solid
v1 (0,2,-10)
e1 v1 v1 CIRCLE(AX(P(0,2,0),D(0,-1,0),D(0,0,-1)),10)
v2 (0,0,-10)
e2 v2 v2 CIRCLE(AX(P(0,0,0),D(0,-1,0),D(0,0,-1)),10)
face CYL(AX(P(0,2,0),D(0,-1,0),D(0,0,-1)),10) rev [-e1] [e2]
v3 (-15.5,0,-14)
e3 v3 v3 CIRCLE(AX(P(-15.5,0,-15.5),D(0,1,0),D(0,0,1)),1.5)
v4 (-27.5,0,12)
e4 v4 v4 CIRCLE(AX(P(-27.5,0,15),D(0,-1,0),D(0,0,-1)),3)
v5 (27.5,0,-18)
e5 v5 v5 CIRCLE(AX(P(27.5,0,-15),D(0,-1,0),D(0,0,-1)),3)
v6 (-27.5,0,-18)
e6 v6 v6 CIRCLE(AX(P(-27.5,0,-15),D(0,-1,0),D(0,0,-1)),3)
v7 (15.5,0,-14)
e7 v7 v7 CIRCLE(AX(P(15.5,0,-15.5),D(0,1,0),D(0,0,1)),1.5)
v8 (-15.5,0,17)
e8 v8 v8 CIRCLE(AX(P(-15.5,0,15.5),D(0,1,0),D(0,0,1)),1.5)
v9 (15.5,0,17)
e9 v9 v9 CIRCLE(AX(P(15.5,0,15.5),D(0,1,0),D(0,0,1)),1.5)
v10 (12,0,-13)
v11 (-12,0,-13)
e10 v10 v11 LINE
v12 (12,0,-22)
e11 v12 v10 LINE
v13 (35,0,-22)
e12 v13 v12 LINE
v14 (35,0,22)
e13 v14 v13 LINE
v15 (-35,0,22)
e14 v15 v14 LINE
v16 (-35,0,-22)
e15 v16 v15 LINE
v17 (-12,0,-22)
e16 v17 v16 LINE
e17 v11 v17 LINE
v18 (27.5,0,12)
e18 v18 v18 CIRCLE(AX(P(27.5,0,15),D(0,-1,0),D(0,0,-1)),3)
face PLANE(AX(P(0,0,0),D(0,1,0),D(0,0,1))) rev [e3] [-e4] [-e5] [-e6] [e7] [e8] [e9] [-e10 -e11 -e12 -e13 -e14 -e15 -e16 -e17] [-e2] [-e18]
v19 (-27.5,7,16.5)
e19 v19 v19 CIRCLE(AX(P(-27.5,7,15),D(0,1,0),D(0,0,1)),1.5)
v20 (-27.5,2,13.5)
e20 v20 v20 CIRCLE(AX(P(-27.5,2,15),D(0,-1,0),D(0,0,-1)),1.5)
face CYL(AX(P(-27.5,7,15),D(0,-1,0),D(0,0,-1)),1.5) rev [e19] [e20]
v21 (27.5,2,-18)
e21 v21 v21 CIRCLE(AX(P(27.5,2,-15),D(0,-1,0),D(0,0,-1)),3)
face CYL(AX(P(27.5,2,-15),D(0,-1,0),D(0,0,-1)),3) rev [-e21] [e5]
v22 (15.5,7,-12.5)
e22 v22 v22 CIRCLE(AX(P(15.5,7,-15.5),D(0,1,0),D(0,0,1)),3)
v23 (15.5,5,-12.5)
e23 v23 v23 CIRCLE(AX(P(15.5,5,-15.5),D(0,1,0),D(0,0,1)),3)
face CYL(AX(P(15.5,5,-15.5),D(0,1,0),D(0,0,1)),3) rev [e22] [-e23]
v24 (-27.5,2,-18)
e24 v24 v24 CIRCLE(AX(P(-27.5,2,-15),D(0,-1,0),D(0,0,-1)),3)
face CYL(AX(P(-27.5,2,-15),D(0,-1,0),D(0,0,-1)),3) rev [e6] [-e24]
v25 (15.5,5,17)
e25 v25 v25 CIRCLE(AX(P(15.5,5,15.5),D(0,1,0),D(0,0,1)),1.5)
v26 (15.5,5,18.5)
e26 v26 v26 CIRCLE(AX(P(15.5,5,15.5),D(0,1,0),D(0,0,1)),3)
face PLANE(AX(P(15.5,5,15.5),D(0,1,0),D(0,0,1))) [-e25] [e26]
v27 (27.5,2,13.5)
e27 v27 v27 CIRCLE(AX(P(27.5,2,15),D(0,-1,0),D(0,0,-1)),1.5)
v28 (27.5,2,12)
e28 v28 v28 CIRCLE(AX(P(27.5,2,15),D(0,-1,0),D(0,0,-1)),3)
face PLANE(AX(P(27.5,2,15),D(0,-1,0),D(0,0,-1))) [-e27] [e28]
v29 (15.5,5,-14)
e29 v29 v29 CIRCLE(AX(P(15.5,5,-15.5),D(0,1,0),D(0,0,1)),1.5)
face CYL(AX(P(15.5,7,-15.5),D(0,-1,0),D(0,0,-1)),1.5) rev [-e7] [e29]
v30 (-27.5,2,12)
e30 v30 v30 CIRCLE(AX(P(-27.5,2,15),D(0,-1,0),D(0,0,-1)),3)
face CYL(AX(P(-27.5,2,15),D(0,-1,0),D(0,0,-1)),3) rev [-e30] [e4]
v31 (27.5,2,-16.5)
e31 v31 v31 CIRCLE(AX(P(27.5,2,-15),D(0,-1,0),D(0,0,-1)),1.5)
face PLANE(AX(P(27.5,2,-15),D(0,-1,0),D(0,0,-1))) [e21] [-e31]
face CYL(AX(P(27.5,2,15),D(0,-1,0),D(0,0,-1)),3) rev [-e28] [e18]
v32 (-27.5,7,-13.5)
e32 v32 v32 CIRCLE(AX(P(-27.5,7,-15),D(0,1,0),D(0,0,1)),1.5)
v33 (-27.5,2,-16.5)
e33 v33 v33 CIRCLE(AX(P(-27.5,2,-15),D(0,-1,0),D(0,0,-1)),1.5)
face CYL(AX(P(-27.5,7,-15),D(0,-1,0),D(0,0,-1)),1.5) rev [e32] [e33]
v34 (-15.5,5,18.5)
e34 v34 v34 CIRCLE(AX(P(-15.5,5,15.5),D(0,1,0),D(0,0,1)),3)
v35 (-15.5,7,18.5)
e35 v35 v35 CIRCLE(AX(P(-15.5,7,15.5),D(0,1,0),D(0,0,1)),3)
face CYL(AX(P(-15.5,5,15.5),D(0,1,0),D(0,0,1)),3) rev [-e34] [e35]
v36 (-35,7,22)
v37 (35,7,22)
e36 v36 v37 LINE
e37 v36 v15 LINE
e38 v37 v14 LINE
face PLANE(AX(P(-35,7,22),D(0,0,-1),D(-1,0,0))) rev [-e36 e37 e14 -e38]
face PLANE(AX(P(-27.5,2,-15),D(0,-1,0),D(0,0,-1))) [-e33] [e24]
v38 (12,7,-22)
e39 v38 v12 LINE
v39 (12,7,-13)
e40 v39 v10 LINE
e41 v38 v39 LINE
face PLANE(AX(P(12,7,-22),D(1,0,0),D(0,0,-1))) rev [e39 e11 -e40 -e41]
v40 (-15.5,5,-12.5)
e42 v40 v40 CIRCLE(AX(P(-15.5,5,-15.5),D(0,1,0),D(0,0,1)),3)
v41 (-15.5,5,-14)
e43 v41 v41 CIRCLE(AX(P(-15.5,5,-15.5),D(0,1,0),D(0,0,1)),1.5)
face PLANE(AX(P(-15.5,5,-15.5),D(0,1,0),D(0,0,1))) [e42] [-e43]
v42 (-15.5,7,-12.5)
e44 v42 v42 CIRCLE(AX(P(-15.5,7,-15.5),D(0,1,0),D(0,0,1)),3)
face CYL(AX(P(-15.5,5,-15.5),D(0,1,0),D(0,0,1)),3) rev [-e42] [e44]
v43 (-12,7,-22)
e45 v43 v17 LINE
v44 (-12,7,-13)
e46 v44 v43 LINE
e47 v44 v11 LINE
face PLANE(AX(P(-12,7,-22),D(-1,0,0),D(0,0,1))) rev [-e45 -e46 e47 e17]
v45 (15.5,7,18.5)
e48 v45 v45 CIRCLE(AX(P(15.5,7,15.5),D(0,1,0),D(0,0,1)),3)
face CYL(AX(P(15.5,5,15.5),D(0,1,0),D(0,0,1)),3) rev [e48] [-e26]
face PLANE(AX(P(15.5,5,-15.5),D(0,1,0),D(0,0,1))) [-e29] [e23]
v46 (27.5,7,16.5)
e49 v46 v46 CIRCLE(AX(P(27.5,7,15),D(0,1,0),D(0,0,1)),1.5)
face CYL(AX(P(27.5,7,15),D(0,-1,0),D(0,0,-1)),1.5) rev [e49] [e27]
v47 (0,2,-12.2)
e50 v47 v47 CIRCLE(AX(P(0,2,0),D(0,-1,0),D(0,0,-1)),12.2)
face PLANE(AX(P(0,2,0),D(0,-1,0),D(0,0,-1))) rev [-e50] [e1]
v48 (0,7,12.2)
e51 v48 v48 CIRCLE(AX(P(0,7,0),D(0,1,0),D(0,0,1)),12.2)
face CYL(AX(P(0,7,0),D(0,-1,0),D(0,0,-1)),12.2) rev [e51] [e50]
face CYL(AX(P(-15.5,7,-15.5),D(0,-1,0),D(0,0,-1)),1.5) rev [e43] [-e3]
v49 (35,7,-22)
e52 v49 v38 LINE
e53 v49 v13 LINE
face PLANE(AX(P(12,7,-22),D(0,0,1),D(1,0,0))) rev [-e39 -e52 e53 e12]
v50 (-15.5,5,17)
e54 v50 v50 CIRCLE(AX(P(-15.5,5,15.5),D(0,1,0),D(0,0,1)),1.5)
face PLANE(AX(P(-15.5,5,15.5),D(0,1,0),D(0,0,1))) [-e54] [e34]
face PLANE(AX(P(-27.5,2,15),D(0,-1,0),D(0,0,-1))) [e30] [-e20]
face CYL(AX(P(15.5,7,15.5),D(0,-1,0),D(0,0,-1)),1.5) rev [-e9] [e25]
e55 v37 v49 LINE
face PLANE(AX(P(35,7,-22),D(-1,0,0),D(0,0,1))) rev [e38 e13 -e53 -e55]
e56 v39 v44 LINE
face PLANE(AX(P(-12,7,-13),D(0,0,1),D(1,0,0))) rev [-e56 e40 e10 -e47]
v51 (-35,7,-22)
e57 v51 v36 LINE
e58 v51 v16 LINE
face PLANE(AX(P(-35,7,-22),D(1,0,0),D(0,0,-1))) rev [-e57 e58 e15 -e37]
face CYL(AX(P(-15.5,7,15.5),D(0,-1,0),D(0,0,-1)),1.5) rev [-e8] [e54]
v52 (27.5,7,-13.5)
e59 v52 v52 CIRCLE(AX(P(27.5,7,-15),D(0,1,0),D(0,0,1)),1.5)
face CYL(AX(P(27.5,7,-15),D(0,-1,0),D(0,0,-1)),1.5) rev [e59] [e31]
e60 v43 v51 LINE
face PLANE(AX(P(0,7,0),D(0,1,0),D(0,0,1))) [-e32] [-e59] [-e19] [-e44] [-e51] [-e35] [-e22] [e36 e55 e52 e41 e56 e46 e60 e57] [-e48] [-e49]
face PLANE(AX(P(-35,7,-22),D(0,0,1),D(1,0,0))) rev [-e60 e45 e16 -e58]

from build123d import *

# Parameters (mm, degrees)
SKETCH1_R           = 12.2
SKETCH1_R_2         = 1.5
BOSS_EXTRUDE1_DEPTH = 7
SKETCH2_R           = 12.2
SKETCH2_R_2         = 10
BOSS_EXTRUDE2_DEPTH = 2
SKETCH3_R           = 3
CUT_EXTRUDE1_DEPTH  = 2
SKETCH4_R           = 3
CUT_EXTRUDE2_DEPTH  = 2


with BuildPart() as part:
    # Sketch1 → Boss-Extrude1 (new body)
    with BuildSketch(Plane(origin=(0, 0, 0), x_dir=(1, 0, 0), z_dir=(0, 1, 0))):
        Polygon((-12, 22), (-12, 13), (12, 13), (12, 22), (35, 22), (35, -22), (-35, -22), (-35, 22), align=None)
        with Locations(Location((0, 0, 0), (0, 0, 270))):
            Circle(SKETCH1_R, mode=Mode.SUBTRACT)
        with Locations(Location((27.5, -15, 0), (0, 0, 270))):
            Circle(SKETCH1_R_2, mode=Mode.SUBTRACT)
        with Locations(Location((27.5, 15, 0), (0, 0, 270))):
            Circle(SKETCH1_R_2, mode=Mode.SUBTRACT)
        with Locations(Location((-27.5, -15, 0), (0, 0, 270))):
            Circle(SKETCH1_R_2, mode=Mode.SUBTRACT)
        with Locations(Location((-27.5, 15, 0), (0, 0, 270))):
            Circle(SKETCH1_R_2, mode=Mode.SUBTRACT)
        with Locations(Location((15.5, -15.5, 0), (0, 0, 270))):
            Circle(SKETCH1_R_2, mode=Mode.SUBTRACT)
        with Locations(Location((-15.5, -15.5, 0), (0, 0, 270))):
            Circle(SKETCH1_R_2, mode=Mode.SUBTRACT)
        with Locations(Location((15.5, 15.5, 0), (0, 0, 270))):
            Circle(SKETCH1_R_2, mode=Mode.SUBTRACT)
        with Locations(Location((-15.5, 15.5, 0), (0, 0, 270))):
            Circle(SKETCH1_R_2, mode=Mode.SUBTRACT)
    extrude(amount=BOSS_EXTRUDE1_DEPTH)

    # Sketch2 → Boss-Extrude2 (add)
    with BuildSketch(Plane.XZ):
        with Locations(Location((0, 0, 0), (0, 0, 270))):
            Circle(SKETCH2_R)
        with Locations(Location((0, 0, 0), (0, 0, 270))):
            Circle(SKETCH2_R_2, mode=Mode.SUBTRACT)
    extrude(amount=-BOSS_EXTRUDE2_DEPTH)

    # Sketch3 → Cut-Extrude1 (cut)
    with BuildSketch(Plane.XZ):
        with Locations(Location((-27.5, 15, 0), (0, 0, 270))):
            Circle(SKETCH3_R)
        with Locations(Location((-27.5, -15, 0), (0, 0, 270))):
            Circle(SKETCH3_R)
        with Locations(Location((27.5, 15, 0), (0, 0, 270))):
            Circle(SKETCH3_R)
        with Locations(Location((27.5, -15, 0), (0, 0, 270))):
            Circle(SKETCH3_R)
    extrude(amount=-CUT_EXTRUDE1_DEPTH, mode=Mode.SUBTRACT)

    # Sketch4 → Cut-Extrude2 (cut)
    with BuildSketch(Plane(origin=(0, 7, 0), x_dir=(1, 0, 0), z_dir=(0, 1, 0))):
        with Locations(Location((15.5, -15.5, 0), (0, 0, 270))):
            Circle(SKETCH4_R)
        with Locations(Location((-15.5, -15.5, 0), (0, 0, 270))):
            Circle(SKETCH4_R)
        with Locations(Location((15.5, 15.5, 0), (0, 0, 270))):
            Circle(SKETCH4_R)
        with Locations(Location((-15.5, 15.5, 0), (0, 0, 270))):
            Circle(SKETCH4_R)
    extrude(amount=-CUT_EXTRUDE2_DEPTH, mode=Mode.SUBTRACT)


solid = part.part
